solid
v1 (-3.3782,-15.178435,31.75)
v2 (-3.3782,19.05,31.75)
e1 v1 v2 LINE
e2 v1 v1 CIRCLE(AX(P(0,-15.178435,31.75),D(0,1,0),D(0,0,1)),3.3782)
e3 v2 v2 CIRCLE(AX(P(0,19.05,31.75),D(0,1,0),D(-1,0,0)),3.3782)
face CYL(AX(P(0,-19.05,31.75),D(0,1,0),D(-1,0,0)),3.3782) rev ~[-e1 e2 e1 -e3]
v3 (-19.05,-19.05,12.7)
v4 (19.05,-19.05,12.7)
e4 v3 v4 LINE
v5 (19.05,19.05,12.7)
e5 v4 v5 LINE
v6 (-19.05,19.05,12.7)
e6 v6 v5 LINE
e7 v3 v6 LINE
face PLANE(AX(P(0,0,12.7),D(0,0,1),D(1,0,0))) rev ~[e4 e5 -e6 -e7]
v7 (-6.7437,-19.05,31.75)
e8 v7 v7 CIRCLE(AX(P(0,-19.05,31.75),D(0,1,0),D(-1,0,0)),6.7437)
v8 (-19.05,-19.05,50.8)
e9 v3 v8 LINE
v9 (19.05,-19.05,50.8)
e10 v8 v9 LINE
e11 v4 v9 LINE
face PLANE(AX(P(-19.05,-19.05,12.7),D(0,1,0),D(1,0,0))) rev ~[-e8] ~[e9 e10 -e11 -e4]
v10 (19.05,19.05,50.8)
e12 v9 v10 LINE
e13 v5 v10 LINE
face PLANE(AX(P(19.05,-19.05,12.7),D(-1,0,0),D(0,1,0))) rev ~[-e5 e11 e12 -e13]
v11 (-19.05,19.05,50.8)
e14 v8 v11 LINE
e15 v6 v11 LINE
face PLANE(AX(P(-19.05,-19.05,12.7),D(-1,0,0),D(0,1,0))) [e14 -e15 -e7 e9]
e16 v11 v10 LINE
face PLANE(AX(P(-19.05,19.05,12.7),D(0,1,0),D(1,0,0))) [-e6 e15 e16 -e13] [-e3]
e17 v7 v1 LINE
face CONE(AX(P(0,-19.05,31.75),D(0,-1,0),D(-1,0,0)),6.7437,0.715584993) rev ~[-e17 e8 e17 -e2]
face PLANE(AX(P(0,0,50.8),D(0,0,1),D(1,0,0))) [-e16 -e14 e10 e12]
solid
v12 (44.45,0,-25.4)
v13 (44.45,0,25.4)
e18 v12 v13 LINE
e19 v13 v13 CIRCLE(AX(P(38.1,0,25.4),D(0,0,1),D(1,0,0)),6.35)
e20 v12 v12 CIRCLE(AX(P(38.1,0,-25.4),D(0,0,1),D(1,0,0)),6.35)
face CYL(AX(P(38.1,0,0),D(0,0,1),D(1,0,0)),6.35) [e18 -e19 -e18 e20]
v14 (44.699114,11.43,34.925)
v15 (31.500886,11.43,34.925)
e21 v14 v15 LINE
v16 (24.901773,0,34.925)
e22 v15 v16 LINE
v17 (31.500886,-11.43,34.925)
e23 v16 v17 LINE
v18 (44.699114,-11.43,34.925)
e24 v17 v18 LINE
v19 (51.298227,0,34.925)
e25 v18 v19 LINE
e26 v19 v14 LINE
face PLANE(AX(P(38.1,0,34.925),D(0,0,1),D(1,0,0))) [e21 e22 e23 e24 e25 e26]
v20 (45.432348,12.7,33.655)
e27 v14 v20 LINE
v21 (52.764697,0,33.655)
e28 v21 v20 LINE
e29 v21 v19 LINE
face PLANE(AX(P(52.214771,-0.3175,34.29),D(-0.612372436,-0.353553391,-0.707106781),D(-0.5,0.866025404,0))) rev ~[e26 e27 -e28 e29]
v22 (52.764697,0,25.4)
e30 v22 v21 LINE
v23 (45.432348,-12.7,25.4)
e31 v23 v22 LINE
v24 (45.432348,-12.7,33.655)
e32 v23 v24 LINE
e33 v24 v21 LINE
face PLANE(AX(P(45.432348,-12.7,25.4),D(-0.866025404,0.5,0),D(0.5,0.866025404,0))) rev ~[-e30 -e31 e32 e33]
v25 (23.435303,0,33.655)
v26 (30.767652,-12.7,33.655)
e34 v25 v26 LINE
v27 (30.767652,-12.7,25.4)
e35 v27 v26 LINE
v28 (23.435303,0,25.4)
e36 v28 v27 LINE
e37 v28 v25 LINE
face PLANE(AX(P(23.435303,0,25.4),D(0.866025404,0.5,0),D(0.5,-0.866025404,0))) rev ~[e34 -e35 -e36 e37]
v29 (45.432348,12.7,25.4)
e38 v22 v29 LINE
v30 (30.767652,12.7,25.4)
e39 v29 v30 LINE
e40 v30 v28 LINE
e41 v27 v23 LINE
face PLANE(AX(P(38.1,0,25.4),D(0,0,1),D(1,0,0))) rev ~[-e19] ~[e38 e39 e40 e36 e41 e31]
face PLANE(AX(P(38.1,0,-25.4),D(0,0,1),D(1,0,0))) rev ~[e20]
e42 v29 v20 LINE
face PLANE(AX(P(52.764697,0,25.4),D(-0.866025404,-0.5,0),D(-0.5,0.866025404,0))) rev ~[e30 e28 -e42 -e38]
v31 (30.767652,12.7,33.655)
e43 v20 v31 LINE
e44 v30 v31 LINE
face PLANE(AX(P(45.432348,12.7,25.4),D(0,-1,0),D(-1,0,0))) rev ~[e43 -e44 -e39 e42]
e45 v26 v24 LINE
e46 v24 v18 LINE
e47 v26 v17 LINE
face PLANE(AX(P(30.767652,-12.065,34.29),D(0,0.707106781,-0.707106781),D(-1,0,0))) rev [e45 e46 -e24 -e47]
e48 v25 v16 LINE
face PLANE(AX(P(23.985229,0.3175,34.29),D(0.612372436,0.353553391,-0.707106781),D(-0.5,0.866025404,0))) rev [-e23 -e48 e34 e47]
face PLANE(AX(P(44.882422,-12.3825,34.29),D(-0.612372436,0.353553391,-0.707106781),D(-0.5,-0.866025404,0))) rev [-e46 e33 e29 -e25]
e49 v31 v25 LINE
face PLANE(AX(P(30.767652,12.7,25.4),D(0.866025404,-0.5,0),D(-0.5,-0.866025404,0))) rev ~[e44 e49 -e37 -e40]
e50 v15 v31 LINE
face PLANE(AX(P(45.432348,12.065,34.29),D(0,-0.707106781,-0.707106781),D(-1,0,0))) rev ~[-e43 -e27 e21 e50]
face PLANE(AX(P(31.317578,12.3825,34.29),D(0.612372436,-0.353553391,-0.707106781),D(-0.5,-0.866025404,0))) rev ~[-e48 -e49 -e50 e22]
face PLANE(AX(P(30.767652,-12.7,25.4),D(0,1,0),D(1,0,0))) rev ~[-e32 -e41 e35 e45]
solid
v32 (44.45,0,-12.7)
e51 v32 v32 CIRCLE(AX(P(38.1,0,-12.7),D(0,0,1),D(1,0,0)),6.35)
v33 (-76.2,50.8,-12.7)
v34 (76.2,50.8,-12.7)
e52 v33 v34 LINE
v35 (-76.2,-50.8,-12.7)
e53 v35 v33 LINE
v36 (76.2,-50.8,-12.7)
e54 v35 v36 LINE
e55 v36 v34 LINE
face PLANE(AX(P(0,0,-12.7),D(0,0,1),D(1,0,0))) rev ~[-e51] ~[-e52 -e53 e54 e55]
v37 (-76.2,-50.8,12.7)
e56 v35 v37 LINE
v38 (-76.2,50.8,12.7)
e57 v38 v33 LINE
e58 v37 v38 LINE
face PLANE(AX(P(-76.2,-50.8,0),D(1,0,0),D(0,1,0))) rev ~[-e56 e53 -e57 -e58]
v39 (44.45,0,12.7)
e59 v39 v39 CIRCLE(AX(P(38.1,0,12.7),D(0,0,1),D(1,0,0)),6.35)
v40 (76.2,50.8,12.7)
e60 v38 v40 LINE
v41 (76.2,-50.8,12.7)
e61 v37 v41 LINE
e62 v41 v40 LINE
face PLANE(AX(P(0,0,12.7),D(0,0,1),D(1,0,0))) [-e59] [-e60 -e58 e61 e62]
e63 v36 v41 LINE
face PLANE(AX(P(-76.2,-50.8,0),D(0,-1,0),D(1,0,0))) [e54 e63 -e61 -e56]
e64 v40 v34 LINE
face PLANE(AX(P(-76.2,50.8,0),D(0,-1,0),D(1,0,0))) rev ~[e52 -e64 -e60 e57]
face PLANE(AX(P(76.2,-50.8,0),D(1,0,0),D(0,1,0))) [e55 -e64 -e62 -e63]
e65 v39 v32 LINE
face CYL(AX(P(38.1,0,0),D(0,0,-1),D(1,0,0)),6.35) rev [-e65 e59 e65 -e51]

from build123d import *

# Parameters (mm, degrees)
F0_W            = 152.4
F0_H            = 101.6
F0_R            = 6.35
F1_DEPTH        = 12.7
F2_W            = 38.1
F2_H            = 38.1
F3_DEPTH        = 38.1
F4_DEPTH        = 25.4
F7_DEPTH        = 9.525
F8_SIZE         = 1.27
F10_D           = 6.7564
F10_CSINK_D     = 13.4874
F10_CSINK_ANGLE = 82


with BuildPart() as f1:
    # F0 (on Top) → F1 (new body, symmetric)
    with BuildSketch(Plane.XY):
        Rectangle(F0_W, F0_H)
        Polygon((45.4323484187, 12.7), (52.7646968374, 0), (45.4323484187, -12.7), (30.7676515813, -12.7), (23.4353031626, 0), (30.7676515813, 12.7), align=None, mode=Mode.SUBTRACT)
        Polygon((45.4323484187, -12.7), (52.7646968374, 0), (45.4323484187, 12.7), (30.7676515813, 12.7), (23.4353031626, 0), (30.7676515813, -12.7), align=None)
        with Locations((38.1, 0)):
            Circle(F0_R, mode=Mode.SUBTRACT)
    extrude(amount=F1_DEPTH, both=True)


with BuildPart() as f3:
    # F2 (on face) → F3 (new body)
    with BuildSketch(Plane.XY.offset(12.7)):
        Rectangle(F2_W, F2_H)
    extrude(amount=F3_DEPTH)

    # F10 (through all)
    with Locations(Plane.XZ.offset(19.05)):
        with Locations((0, 31.75)):
            CounterSinkHole(F10_D / 2, F10_CSINK_D / 2, counter_sink_angle=F10_CSINK_ANGLE)


with BuildPart() as f4:
    # F0 (on Top) → F4 (new body, symmetric)
    with BuildSketch(Plane.XY):
        with Locations((38.1, 0)):
            Circle(F0_R)
    extrude(amount=F4_DEPTH, both=True)

    # F6 (on face) → F7 (join)
    with BuildSketch(Plane.XY.offset(25.4)):
        Polygon((30.7676515813, -12.7), (45.4323484187, -12.7), (52.7646968374, 0), (45.4323484187, 12.7), (30.7676515813, 12.7), (23.4353031626, 0), align=None)
    extrude(amount=F7_DEPTH)

    # F8
    f8_edges = [f4.edges().sort_by_distance(p)[0] for p in [
        (27.101477, -6.35, 34.925),
        (38.1, -12.7, 34.925),
        (49.098523, -6.35, 34.925),
        (49.098523, 6.35, 34.925),
        (38.1, 12.7, 34.925),
        (27.101477, 6.35, 34.925),
    ]]
    chamfer(f8_edges, length=F8_SIZE)


solid = Compound([f1.part, f3.part, f4.part])
